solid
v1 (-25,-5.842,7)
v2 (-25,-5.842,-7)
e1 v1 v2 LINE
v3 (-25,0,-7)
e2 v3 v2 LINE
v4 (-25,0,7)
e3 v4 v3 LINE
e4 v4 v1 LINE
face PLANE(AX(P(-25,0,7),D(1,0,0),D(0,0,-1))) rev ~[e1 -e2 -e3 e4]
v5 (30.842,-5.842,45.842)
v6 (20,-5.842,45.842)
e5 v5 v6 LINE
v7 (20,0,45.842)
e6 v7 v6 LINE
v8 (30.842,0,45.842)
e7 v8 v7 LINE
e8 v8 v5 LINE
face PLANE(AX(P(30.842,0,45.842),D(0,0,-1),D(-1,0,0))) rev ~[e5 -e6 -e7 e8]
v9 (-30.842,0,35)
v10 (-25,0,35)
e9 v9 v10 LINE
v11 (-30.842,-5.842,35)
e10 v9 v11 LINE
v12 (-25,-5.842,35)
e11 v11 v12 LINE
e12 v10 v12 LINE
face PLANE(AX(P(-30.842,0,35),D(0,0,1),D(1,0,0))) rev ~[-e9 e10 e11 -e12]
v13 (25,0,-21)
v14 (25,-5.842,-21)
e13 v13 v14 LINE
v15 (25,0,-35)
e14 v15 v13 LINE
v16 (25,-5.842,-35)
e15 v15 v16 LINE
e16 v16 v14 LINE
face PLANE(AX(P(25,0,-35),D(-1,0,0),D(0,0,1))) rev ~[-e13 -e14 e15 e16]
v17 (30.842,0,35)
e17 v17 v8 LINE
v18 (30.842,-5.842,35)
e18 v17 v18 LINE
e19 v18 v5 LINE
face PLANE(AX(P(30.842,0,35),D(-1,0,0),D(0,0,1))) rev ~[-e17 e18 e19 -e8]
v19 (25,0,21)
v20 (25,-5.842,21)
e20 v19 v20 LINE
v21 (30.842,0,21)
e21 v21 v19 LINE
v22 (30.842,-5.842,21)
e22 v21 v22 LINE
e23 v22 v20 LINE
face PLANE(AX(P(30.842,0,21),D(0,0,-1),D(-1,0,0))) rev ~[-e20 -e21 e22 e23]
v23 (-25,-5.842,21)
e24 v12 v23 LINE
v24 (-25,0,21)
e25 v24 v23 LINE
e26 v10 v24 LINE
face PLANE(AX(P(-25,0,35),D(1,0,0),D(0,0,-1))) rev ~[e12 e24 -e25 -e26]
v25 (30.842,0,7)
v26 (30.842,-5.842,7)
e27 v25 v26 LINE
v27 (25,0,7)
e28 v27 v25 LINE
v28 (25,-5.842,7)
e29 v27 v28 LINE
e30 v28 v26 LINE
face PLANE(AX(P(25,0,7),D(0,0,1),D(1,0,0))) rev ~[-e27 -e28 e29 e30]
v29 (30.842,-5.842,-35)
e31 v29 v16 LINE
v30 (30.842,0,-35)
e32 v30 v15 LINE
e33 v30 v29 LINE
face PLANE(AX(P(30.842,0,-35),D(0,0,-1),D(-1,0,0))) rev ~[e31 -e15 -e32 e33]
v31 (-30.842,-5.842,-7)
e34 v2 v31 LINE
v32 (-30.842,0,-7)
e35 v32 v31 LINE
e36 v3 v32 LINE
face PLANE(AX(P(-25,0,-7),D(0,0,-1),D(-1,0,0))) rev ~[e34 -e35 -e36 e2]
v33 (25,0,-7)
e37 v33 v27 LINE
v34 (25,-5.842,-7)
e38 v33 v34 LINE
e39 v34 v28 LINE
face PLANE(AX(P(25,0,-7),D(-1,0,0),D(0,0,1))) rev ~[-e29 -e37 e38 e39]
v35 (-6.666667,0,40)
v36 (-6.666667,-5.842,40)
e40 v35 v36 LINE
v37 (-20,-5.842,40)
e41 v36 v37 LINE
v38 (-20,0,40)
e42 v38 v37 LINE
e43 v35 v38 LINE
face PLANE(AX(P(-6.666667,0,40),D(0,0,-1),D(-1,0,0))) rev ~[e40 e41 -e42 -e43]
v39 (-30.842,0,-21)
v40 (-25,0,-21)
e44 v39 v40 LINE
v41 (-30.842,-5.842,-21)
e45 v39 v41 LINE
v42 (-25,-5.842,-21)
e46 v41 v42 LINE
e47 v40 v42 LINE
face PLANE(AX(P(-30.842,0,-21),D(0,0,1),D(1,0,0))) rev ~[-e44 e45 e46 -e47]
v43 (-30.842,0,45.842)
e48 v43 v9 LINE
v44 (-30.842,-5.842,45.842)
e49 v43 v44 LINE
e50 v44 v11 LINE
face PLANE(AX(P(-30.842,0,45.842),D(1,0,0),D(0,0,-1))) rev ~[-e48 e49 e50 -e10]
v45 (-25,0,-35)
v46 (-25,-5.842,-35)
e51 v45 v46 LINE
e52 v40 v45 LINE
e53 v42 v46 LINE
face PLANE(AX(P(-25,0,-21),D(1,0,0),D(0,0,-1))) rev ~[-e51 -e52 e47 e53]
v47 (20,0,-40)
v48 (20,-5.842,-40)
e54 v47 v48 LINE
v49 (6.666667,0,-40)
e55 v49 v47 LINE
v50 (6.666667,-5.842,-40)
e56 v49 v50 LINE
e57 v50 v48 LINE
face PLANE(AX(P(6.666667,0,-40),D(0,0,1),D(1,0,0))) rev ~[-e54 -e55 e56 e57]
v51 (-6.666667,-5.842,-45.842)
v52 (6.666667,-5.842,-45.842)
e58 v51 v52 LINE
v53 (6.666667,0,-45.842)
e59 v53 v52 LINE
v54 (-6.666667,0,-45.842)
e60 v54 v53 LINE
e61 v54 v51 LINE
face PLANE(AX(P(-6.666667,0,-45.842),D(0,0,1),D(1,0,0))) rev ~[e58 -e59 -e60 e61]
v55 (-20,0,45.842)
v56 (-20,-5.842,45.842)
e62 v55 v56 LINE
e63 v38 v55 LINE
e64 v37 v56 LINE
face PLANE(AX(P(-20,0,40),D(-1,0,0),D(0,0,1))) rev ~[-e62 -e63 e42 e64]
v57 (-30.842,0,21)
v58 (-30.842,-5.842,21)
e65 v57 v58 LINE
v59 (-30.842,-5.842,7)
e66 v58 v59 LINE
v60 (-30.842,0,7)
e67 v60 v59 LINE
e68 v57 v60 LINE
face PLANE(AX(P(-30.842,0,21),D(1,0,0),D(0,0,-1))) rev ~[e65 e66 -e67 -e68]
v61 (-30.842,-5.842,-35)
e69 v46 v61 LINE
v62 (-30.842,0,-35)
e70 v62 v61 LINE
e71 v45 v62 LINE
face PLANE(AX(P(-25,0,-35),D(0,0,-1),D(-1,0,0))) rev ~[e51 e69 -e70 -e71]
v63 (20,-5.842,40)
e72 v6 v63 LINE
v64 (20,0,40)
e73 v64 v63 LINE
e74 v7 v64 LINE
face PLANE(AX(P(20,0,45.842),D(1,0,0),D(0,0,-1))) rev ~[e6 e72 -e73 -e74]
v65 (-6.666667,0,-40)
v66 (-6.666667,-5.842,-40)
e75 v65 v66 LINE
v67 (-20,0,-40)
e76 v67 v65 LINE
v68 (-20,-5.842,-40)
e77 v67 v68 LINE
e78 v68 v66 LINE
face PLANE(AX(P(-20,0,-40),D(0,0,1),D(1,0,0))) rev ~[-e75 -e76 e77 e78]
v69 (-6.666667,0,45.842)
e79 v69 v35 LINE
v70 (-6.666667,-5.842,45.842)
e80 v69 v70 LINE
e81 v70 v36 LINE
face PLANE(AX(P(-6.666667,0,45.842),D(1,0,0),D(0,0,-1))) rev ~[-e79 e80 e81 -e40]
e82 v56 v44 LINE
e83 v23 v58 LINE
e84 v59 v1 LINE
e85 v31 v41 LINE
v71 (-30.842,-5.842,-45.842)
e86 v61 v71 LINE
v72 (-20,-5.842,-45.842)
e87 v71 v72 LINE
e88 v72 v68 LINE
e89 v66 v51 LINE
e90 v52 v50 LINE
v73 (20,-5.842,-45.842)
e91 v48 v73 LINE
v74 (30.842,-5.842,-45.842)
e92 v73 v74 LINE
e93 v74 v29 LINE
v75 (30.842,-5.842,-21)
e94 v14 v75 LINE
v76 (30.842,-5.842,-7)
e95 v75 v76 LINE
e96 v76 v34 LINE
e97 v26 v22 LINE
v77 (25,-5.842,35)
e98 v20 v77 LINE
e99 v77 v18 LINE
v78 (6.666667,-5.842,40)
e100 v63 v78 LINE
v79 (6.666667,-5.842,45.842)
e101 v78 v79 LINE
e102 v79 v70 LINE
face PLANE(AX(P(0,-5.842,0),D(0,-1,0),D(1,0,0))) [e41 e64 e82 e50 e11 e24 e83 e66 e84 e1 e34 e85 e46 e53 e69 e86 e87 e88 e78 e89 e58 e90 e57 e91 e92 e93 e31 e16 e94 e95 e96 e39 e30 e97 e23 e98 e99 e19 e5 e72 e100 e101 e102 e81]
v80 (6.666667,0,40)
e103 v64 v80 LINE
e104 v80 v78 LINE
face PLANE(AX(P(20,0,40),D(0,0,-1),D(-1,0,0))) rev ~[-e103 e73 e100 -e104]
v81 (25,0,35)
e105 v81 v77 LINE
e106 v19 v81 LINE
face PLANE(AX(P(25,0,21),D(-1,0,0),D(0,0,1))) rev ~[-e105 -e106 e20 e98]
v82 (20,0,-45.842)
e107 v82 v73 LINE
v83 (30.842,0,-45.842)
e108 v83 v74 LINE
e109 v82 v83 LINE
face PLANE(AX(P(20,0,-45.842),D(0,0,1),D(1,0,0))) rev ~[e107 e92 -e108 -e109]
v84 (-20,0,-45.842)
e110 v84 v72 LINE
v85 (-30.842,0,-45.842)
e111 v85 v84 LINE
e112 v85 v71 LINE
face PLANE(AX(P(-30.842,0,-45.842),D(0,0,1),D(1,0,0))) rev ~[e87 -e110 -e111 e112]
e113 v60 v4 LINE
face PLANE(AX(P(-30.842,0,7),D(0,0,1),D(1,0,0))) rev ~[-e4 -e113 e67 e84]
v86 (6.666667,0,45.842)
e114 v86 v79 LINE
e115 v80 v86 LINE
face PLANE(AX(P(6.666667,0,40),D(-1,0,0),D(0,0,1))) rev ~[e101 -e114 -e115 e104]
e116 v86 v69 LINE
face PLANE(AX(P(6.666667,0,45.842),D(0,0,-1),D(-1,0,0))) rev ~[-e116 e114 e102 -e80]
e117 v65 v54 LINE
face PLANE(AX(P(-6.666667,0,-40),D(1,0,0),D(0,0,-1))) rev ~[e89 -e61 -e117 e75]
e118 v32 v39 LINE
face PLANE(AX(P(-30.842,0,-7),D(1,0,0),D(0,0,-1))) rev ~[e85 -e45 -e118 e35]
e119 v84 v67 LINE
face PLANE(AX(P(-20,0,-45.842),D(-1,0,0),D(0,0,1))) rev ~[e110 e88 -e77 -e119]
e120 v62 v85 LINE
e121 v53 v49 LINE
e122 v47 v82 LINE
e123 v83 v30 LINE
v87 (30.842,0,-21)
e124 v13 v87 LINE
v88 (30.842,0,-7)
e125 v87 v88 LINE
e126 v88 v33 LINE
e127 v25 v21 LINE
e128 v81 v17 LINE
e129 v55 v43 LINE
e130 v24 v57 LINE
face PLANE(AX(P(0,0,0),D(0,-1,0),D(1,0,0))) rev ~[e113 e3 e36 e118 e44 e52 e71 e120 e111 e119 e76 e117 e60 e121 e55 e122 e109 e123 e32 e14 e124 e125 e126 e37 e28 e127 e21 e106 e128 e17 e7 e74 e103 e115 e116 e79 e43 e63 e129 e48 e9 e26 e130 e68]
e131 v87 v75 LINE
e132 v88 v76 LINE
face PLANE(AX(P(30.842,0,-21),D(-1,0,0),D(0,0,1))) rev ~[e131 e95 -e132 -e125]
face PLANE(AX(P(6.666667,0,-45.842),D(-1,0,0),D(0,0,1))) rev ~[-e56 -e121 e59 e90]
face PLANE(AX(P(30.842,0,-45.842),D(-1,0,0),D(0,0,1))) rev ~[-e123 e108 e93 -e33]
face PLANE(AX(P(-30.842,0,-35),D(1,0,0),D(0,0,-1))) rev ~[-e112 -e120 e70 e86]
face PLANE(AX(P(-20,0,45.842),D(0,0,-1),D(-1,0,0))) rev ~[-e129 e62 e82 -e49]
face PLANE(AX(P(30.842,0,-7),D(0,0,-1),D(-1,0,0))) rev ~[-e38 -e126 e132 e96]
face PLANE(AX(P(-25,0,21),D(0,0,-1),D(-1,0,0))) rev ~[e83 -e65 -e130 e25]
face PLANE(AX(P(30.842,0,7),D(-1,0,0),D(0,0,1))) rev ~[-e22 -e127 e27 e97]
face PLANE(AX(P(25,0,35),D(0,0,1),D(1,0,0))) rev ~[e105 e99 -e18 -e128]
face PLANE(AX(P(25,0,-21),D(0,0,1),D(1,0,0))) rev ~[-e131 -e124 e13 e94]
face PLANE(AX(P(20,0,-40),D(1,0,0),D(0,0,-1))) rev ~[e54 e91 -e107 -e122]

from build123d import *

# Parameters (mm, degrees)
F1_DEPTH = 5.842


with BuildPart() as f1:
    # F0 (on Front) → F1 (new body)
    with BuildSketch(Plane.XZ):
        Polygon((-20, -45.842), (-20, -40), (-6.666667, -40), (-6.666667, -45.842), (6.666667, -45.842), (6.666667, -40), (20, -40), (20, -45.842), (30.842, -45.842), (30.842, -35), (25, -35), (25, -21), (30.842, -21), (30.842, -7), (25, -7), (25, 7), (30.842, 7), (30.842, 21), (25, 21), (25, 35), (30.842, 35), (30.842, 45.842), (20, 45.842), (20, 40), (6.666667, 40), (6.666667, 45.842), (-6.666667, 45.842), (-6.666667, 40), (-20, 40), (-20, 45.842), (-30.842, 45.842), (-30.842, 35), (-25, 35), (-25, 21), (-30.842, 21), (-30.842, 7), (-25, 7), (-25, -7), (-30.842, -7), (-30.842, -21), (-25, -21), (-25, -35), (-30.842, -35), (-30.842, -45.842), align=None)
    extrude(amount=F1_DEPTH)


solid = f1.part
